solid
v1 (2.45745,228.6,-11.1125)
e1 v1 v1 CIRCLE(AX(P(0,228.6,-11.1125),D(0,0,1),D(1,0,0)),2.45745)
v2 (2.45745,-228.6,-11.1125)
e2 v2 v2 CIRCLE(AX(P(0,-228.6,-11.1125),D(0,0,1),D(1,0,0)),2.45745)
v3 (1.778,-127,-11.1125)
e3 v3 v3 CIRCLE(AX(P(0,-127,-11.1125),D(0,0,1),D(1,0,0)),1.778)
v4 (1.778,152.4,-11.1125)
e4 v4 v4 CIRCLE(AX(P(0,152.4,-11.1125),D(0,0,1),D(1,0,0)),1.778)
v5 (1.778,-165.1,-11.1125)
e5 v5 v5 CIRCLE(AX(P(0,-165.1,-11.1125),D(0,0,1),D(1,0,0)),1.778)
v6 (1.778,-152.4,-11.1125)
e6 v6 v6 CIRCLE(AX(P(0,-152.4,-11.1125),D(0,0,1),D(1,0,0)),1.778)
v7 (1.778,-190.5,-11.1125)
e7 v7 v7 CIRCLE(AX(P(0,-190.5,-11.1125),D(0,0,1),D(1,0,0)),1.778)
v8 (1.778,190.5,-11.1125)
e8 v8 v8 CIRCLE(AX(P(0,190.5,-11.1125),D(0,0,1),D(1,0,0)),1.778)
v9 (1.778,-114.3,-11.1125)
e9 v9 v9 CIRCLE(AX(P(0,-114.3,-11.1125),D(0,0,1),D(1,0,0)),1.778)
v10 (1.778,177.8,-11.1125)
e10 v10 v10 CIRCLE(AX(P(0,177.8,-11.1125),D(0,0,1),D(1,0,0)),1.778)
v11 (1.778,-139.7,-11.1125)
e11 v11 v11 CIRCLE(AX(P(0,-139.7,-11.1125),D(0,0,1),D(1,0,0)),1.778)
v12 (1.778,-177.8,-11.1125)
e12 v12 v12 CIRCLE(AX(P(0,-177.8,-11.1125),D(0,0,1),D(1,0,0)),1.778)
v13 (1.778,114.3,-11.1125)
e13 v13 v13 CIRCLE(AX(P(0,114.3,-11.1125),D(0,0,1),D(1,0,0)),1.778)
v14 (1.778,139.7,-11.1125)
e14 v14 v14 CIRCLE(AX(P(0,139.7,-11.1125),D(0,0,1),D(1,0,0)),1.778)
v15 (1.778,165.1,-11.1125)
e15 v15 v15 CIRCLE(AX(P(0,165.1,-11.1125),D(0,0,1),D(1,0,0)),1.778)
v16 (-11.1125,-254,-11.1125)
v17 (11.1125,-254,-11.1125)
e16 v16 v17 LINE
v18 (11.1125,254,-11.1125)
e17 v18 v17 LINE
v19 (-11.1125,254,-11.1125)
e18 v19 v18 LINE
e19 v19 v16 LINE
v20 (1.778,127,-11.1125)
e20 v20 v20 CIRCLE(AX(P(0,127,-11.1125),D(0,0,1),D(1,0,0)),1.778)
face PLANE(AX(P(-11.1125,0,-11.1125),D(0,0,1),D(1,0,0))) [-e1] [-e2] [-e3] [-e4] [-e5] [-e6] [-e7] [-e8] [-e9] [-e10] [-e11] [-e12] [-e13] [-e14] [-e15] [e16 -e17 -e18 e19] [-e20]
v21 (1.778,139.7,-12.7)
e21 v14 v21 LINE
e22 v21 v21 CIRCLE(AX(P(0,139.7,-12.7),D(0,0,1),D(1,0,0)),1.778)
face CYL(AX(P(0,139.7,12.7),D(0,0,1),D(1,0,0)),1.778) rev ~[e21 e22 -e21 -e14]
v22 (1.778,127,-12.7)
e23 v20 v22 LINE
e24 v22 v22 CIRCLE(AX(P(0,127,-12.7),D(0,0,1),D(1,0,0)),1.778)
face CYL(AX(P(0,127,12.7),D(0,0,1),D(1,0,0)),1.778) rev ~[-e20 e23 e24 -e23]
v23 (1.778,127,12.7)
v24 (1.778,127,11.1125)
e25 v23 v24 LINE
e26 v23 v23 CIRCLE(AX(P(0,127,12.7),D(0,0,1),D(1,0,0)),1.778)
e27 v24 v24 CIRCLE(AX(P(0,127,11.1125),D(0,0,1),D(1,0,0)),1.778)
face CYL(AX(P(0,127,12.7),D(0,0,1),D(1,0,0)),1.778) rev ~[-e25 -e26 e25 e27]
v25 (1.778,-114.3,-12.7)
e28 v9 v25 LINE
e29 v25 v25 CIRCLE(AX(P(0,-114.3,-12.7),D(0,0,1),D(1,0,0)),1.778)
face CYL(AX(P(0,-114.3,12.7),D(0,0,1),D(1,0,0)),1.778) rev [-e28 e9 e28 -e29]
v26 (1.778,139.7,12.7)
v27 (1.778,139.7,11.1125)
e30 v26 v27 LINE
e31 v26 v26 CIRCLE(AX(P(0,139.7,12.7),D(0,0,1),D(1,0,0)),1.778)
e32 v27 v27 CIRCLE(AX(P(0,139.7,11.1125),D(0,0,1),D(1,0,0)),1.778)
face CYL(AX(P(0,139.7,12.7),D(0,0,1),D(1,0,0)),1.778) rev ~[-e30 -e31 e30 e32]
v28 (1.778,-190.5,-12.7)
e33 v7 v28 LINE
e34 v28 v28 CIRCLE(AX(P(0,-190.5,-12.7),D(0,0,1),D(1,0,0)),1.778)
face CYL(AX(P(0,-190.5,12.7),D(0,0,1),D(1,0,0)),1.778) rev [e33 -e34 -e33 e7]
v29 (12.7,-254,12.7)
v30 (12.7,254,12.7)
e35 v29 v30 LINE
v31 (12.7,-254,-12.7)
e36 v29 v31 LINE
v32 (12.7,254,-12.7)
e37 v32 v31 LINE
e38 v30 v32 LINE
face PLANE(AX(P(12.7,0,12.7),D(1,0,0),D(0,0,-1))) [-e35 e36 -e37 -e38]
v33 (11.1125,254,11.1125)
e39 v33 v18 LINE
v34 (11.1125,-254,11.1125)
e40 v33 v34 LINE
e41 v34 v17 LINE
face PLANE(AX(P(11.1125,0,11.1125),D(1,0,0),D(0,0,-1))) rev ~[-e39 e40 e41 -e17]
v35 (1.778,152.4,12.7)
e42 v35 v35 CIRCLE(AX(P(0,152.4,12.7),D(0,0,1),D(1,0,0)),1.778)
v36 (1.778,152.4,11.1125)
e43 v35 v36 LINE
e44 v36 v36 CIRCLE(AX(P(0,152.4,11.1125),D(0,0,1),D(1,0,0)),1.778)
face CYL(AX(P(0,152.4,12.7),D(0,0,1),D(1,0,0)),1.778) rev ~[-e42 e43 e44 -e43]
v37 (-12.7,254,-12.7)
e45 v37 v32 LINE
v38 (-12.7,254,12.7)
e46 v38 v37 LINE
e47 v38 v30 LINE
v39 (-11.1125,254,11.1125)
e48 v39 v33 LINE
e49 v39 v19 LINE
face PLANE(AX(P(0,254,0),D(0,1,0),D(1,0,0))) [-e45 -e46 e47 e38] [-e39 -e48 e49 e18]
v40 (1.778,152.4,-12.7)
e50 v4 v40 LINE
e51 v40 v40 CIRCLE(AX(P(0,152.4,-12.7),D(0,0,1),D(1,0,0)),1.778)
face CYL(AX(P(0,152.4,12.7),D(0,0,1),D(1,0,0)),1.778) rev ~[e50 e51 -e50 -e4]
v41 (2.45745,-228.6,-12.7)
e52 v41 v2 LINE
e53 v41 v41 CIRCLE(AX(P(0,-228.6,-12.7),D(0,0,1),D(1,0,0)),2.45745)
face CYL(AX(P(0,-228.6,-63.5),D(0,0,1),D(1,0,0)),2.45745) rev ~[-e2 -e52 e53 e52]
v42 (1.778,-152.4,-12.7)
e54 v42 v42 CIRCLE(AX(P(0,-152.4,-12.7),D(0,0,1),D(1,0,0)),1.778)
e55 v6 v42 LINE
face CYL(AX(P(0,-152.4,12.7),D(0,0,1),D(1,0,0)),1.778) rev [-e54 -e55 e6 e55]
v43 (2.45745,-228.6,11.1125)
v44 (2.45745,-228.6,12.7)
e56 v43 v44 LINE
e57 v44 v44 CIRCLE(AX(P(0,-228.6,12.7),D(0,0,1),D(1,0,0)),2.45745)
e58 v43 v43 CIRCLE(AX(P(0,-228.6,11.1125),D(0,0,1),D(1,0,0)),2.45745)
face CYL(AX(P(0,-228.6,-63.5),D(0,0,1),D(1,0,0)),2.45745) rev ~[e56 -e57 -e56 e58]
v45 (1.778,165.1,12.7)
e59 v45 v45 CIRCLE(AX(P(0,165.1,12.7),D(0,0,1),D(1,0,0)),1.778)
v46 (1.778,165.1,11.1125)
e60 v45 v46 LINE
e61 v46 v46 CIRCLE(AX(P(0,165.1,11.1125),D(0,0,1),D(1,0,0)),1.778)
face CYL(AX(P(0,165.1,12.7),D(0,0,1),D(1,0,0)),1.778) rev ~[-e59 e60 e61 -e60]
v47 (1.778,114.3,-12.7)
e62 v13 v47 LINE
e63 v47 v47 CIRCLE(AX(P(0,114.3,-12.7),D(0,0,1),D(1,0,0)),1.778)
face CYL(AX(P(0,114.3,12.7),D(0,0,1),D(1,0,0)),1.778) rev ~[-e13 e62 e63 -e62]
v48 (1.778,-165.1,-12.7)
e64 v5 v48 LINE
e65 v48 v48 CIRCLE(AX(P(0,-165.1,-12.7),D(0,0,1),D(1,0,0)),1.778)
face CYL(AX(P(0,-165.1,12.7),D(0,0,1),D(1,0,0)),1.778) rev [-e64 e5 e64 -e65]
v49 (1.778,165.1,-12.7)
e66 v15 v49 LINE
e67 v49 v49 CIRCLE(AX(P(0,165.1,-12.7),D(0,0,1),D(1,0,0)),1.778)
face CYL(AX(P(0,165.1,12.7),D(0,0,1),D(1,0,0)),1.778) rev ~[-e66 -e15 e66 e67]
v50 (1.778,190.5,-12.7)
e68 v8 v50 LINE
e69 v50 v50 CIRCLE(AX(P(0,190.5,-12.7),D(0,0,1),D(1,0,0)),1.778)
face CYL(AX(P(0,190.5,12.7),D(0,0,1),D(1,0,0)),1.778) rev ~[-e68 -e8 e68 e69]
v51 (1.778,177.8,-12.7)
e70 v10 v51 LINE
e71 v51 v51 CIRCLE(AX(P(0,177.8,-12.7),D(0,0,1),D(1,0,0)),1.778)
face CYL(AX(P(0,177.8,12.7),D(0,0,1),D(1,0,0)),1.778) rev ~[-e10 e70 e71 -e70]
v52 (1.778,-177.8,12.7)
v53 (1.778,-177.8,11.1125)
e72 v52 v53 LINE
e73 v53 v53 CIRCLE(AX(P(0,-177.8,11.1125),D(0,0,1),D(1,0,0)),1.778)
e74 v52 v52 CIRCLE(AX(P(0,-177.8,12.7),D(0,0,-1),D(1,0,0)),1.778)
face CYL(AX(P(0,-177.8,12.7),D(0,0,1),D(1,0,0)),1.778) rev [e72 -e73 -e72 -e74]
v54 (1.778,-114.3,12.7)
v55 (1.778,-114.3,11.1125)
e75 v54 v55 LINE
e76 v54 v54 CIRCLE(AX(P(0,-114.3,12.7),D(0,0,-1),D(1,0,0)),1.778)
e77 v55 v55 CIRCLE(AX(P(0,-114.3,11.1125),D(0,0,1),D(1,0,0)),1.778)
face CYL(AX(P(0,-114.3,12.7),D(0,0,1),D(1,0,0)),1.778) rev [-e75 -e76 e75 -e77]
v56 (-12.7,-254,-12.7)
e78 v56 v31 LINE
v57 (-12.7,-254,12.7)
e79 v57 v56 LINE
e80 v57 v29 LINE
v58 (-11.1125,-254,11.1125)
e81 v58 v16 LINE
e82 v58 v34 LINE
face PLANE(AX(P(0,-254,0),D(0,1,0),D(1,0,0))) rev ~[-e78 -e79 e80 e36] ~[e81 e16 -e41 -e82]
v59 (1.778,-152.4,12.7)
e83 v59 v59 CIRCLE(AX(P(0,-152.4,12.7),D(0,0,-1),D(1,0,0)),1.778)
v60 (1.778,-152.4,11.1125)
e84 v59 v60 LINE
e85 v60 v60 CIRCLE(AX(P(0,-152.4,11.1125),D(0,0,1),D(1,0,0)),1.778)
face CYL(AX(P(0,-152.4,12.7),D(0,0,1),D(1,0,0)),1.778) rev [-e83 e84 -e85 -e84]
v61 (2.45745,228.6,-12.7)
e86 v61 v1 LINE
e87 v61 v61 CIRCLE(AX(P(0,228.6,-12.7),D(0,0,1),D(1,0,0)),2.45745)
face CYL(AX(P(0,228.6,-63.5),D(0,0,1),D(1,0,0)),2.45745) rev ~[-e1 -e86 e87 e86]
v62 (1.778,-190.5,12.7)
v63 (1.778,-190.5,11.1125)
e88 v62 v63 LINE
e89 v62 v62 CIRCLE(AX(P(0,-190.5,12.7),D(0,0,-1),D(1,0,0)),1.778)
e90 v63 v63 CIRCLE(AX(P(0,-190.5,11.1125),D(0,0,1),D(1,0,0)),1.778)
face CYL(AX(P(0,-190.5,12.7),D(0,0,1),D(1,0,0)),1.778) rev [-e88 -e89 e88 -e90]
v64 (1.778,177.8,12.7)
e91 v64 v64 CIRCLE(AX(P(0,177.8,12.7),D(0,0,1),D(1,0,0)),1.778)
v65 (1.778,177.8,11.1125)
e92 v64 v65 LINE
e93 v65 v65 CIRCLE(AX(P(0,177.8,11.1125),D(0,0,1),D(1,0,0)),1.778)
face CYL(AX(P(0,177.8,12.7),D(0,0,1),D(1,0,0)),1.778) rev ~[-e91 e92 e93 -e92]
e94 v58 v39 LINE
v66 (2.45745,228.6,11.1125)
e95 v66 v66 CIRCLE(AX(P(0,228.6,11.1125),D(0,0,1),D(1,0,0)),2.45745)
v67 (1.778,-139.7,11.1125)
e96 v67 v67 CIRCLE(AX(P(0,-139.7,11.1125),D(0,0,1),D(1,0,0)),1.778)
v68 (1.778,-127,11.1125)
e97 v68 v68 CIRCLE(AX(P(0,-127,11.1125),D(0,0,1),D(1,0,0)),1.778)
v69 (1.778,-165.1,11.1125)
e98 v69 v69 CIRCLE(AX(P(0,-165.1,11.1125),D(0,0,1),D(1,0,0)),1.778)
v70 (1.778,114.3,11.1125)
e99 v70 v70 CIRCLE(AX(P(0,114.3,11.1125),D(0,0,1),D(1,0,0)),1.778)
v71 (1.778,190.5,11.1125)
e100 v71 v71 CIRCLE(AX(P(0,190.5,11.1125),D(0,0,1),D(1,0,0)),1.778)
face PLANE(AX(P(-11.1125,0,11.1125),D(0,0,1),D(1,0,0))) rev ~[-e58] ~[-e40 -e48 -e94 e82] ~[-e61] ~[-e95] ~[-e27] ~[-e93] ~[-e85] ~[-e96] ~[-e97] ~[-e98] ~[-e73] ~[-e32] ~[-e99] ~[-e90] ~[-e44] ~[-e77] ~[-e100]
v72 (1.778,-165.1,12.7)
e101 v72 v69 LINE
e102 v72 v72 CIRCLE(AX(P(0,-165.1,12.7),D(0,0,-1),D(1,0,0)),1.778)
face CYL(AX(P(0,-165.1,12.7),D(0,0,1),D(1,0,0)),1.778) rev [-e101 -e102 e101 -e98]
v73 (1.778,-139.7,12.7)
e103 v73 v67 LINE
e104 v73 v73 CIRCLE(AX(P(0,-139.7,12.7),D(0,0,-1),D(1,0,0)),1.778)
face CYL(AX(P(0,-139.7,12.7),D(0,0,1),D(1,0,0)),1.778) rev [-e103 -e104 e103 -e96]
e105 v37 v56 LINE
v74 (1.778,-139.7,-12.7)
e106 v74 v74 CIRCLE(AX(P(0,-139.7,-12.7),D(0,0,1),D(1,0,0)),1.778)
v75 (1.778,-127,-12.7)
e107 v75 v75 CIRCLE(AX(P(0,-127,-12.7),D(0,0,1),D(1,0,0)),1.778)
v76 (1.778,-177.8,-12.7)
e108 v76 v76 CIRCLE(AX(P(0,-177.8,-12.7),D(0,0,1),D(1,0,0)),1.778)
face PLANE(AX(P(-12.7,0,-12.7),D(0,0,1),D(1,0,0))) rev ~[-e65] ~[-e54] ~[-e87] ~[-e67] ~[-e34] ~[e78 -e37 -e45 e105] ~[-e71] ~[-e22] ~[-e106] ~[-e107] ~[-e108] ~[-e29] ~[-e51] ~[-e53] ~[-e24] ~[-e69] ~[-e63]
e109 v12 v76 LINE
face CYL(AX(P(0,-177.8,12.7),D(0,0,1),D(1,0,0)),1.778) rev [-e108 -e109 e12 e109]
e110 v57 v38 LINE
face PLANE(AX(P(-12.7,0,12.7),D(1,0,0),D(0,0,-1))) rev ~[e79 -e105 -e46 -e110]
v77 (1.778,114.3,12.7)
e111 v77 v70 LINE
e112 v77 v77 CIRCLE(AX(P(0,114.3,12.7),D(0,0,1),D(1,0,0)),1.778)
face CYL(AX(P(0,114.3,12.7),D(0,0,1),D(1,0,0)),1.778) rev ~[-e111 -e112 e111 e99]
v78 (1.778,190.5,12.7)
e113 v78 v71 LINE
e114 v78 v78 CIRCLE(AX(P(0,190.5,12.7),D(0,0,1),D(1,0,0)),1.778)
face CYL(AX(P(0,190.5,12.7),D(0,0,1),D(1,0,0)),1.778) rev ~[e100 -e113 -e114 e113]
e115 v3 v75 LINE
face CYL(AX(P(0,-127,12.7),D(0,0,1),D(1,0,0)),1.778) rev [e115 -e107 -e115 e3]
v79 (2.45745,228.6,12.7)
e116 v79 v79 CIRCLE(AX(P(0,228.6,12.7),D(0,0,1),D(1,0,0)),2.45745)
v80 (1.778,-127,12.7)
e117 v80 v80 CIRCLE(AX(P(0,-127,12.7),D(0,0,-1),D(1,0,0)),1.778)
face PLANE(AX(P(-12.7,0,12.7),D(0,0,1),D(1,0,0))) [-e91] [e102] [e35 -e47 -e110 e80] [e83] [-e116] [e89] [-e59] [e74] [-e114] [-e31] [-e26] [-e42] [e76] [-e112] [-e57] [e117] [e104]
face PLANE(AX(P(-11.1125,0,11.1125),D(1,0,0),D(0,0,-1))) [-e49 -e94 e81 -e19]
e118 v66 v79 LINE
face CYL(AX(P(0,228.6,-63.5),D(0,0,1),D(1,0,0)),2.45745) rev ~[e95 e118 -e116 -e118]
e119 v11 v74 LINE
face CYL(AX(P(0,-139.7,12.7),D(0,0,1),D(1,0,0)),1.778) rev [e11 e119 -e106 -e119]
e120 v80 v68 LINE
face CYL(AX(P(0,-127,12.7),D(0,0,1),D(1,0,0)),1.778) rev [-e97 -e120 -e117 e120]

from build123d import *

# Parameters (mm, degrees)
SKETCH1_W                        = 25.4
SKETCH1_H                        = 25.4
SKETCH1_W_2                      = 22.225
SKETCH1_H_2                      = 22.225
BOSS_EXTRUDE1_DEPTH              = 254
F_10_0_1935_DIAMETER_HOLE1_D     = 4.9149
F_10_0_1935_DIAMETER_HOLE1_DEPTH = 50.8
F_10_0_1935_DIAMETER_HOLE1_TIP   = 1.476584928
SKETCH5_R                        = 1.778
CUT_EXTRUDE1_DEPTH               = 256.582569828


with BuildPart() as part:
    # Sketch1 → Boss-Extrude1 (new, symmetric)
    with BuildSketch(Plane(origin=(0, 0, 0), x_dir=(1, 0, 0), z_dir=(0, 1, 0))):
        Rectangle(SKETCH1_W, SKETCH1_H)
        Rectangle(SKETCH1_W_2, SKETCH1_H_2, mode=Mode.SUBTRACT)
    extrude(amount=BOSS_EXTRUDE1_DEPTH, both=True)

    # #10 (0.1935) Diameter Hole1
    with Locations(Plane(origin=(0, 0, -12.7), x_dir=(-1, 0, 0), z_dir=(0, 0, -1))):
        with Locations((0, 228.6), (0, -228.6)):
            Hole(F_10_0_1935_DIAMETER_HOLE1_D / 2, depth=F_10_0_1935_DIAMETER_HOLE1_DEPTH)
            with Locations((0, 0, -(F_10_0_1935_DIAMETER_HOLE1_DEPTH + F_10_0_1935_DIAMETER_HOLE1_TIP / 2))):  # 118° drill point
                Cone(0, F_10_0_1935_DIAMETER_HOLE1_D / 2, F_10_0_1935_DIAMETER_HOLE1_TIP, mode=Mode.SUBTRACT)

    # Sketch5 → Cut-Extrude1 (cut, through all)
    with BuildSketch(Plane.XY.offset(12.7)):
        with Locations((0, 190.5)):
            Circle(SKETCH5_R)
        with Locations((0, 139.7)):
            Circle(SKETCH5_R)
        with Locations((0, 177.8)):
            Circle(SKETCH5_R)
        with Locations((0, 165.1)):
            Circle(SKETCH5_R)
        with Locations((0, 152.4)):
            Circle(SKETCH5_R)
        with Locations((0, 127)):
            Circle(SKETCH5_R)
        with Locations((0, 114.3)):
            Circle(SKETCH5_R)
    cut_extrude1 = extrude(amount=-CUT_EXTRUDE1_DEPTH, mode=Mode.SUBTRACT)

    # Mirror1: Cut-Extrude1 across plane
    add(cut_extrude1.mirror(Plane.ZX), mode=Mode.SUBTRACT)


solid = part.part
